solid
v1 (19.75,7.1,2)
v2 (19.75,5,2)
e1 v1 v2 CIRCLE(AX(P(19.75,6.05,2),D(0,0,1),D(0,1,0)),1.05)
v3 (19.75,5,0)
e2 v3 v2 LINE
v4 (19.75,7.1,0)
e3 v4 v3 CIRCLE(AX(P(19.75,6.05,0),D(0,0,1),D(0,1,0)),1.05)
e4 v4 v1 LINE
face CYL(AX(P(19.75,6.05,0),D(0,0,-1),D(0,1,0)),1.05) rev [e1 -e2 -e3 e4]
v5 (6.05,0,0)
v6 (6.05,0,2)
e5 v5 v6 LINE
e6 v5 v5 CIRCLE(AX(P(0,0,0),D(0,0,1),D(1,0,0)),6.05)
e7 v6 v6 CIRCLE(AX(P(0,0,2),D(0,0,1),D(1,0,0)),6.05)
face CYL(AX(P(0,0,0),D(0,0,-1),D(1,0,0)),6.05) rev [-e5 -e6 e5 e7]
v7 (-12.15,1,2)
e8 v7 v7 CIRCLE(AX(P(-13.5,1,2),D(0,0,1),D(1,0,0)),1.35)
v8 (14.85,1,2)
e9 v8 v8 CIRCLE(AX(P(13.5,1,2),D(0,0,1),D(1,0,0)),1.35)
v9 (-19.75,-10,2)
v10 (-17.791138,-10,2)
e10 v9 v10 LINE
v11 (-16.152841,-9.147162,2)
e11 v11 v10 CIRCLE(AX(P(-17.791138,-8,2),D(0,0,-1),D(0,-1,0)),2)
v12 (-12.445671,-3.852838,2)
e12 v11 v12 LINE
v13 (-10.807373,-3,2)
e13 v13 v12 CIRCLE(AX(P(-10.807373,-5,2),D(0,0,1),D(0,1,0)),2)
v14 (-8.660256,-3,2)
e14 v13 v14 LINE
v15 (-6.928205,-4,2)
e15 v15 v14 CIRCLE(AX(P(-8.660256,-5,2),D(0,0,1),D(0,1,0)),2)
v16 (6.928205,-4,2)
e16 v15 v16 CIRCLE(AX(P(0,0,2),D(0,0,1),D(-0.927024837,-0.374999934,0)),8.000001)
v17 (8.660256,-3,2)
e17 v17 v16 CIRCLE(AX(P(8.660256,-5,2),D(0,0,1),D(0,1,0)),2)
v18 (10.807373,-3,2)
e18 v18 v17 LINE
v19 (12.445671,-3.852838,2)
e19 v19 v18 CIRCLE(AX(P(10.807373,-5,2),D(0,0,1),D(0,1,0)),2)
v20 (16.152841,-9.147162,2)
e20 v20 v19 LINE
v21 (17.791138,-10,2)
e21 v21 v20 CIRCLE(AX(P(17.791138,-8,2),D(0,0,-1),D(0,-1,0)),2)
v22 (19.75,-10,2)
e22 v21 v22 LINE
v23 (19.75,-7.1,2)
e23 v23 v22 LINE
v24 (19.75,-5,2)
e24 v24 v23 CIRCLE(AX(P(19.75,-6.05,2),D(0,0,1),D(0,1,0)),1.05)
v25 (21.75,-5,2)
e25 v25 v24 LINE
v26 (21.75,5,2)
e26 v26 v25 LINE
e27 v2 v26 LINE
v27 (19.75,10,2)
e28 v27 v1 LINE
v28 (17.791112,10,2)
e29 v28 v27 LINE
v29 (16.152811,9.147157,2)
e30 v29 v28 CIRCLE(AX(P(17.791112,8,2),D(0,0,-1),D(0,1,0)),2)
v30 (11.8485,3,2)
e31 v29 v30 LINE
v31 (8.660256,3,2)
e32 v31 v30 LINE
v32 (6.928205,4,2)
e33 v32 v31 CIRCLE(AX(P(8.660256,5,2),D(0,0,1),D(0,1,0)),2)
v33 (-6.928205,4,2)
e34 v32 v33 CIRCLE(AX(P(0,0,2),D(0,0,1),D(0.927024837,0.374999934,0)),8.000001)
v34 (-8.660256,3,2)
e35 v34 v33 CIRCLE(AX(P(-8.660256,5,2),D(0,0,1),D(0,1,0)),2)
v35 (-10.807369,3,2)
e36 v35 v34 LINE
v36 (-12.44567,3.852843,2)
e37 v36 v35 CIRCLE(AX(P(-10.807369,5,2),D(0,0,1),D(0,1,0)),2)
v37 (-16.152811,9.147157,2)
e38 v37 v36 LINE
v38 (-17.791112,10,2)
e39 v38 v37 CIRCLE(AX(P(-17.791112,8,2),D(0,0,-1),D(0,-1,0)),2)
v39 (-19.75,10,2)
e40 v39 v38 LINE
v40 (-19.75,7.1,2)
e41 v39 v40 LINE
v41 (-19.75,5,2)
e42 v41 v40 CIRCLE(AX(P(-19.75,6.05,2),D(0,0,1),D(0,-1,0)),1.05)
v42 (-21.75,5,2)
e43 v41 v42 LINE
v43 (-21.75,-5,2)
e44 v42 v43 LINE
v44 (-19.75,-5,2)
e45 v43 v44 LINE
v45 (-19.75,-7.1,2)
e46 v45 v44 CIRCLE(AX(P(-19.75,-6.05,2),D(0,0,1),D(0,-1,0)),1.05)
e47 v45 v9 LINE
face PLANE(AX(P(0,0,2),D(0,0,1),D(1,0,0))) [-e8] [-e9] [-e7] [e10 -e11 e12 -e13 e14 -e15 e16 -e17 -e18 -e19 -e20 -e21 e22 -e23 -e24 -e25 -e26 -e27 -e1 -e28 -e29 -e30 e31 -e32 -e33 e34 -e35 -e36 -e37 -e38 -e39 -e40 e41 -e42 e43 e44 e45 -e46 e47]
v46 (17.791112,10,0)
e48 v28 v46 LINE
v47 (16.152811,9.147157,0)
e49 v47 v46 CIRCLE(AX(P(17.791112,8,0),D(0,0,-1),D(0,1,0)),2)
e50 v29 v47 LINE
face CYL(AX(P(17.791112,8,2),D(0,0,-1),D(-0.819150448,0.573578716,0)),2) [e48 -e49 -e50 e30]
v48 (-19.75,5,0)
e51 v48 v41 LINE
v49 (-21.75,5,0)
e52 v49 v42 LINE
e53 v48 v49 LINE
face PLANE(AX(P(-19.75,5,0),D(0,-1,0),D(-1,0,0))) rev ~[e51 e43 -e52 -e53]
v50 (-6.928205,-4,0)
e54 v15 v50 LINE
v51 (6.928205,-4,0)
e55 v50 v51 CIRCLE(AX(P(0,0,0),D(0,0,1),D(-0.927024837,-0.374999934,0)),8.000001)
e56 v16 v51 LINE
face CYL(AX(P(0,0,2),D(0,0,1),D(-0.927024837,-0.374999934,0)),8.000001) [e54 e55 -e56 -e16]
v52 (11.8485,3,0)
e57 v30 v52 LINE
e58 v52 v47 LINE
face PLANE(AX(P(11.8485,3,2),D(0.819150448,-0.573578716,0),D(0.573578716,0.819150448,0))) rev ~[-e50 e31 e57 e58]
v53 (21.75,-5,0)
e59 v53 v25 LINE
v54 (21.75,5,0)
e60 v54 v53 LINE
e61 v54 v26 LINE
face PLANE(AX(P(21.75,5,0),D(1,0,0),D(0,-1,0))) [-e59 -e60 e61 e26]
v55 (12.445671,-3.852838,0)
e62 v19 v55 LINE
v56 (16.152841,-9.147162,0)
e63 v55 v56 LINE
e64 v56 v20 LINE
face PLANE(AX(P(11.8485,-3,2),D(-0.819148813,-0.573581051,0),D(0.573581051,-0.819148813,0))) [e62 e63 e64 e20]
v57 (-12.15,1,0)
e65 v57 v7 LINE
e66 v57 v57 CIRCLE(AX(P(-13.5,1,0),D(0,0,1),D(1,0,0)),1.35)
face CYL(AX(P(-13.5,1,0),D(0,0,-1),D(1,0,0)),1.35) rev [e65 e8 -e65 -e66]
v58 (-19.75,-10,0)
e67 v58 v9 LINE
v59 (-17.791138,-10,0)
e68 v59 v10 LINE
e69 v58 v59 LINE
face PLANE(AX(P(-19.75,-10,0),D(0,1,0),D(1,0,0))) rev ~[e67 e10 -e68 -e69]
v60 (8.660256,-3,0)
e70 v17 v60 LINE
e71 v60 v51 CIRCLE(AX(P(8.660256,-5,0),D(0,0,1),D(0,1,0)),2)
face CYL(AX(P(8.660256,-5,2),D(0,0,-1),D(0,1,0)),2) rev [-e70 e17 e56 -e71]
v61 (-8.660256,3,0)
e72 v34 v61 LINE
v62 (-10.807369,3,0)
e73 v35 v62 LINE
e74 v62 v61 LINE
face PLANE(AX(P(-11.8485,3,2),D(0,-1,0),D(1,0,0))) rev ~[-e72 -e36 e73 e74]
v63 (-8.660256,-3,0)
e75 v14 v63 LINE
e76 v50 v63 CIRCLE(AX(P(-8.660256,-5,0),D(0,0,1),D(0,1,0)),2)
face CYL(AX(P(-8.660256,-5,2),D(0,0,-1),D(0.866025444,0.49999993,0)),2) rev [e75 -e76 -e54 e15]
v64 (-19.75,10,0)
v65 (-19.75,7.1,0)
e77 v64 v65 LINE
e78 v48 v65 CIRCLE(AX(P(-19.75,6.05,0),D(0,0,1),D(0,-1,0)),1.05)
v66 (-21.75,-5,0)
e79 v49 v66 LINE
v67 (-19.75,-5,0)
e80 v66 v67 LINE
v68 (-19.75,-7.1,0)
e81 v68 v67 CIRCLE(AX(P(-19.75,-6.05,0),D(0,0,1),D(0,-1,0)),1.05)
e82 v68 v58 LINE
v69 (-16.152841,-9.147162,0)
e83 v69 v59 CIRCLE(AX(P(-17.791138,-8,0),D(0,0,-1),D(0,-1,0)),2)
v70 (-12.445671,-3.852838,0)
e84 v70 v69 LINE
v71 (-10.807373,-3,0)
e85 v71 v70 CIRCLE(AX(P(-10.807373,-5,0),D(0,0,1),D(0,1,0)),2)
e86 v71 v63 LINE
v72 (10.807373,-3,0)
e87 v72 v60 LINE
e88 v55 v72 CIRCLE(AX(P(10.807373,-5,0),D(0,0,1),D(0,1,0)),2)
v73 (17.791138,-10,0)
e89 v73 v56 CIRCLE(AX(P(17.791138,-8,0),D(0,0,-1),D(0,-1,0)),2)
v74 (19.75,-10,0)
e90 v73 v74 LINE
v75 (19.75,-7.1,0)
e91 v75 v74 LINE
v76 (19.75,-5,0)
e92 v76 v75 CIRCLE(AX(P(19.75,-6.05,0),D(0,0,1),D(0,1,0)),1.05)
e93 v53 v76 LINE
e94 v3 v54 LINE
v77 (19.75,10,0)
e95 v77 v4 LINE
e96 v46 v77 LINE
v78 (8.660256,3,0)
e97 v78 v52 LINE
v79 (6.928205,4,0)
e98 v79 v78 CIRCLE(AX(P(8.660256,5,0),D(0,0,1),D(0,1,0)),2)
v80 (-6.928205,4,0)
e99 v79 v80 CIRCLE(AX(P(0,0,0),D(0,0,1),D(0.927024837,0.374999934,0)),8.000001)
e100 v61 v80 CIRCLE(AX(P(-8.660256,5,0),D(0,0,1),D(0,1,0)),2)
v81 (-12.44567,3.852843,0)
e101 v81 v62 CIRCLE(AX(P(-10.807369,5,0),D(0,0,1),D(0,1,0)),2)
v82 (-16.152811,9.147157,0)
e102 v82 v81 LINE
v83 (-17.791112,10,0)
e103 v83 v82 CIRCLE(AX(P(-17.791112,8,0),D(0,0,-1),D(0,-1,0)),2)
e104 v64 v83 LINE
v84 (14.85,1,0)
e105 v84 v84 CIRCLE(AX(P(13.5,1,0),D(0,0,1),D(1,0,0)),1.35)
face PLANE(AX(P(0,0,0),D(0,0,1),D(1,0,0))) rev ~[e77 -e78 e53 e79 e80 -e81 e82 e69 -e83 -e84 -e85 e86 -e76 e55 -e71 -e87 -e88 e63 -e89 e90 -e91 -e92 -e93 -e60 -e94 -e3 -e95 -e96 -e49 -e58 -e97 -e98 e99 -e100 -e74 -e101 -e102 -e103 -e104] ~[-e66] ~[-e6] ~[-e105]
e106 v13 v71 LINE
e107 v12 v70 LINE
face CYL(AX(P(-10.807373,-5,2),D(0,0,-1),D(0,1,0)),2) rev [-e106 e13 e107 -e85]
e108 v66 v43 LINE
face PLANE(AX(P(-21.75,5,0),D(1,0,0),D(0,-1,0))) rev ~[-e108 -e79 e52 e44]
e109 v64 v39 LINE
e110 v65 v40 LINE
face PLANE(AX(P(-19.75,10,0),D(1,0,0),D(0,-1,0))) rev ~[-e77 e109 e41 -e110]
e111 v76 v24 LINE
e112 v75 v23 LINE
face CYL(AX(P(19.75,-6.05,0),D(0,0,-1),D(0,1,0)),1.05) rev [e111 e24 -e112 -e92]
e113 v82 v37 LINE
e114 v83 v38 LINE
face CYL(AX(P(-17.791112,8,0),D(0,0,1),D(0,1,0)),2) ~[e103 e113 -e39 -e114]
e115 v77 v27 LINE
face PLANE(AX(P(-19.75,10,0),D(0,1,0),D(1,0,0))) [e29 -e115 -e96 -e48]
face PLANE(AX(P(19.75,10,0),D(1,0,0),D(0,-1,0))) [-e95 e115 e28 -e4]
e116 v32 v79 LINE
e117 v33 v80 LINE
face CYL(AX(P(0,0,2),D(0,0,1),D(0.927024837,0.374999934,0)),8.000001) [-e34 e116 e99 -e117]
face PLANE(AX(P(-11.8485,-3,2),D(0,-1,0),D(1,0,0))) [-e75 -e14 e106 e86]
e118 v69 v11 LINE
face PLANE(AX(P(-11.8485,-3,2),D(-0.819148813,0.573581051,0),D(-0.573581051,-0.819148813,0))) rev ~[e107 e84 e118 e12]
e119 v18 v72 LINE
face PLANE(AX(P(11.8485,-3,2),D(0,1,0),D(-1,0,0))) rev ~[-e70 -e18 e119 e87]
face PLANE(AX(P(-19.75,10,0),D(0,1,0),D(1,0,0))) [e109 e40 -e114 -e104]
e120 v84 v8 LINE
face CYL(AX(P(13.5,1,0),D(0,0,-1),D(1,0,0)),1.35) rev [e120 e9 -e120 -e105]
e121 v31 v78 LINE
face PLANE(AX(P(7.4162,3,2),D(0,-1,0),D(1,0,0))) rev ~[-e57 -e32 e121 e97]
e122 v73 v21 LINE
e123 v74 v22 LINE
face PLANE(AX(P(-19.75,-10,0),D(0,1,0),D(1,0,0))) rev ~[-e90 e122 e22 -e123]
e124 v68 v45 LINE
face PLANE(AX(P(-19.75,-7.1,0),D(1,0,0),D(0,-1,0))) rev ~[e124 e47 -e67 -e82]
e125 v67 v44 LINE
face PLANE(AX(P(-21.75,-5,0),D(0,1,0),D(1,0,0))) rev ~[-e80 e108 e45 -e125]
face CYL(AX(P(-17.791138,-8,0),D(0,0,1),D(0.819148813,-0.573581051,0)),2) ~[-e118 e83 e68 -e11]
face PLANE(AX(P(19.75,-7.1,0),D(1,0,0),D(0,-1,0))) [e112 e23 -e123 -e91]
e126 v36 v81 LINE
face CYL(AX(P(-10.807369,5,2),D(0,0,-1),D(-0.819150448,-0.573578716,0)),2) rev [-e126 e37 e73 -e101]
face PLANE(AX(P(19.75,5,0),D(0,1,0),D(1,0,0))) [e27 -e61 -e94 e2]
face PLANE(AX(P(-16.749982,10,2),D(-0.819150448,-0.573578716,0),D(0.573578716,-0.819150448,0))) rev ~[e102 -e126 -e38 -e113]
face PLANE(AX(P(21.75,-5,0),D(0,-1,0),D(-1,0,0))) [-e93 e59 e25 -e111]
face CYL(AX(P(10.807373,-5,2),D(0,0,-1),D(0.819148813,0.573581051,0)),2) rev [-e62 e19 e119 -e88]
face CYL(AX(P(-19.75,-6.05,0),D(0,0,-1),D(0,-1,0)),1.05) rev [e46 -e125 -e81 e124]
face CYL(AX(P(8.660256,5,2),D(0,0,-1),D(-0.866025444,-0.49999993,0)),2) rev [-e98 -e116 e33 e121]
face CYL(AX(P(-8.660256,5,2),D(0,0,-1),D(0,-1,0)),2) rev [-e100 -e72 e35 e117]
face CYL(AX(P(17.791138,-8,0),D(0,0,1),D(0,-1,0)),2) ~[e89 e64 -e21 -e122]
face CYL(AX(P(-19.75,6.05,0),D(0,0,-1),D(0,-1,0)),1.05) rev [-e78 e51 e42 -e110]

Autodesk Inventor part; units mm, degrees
ref_plane "YZ Plane" through (0, 0, 0) normal (1, 0, 0) x (0, 1, 0)
ref_plane "XZ Plane" through (0, 0, 0) normal (0, 1, 0) x (-1, 0, 0)
ref_plane "XY Plane" through (0, 0, 0) normal (0, 0, 1) x (1, 0, 0)
sketch "スケッチ1" plane through (0, 0, 0) normal (0, 0, 1) x (1, 0, 0)
  circle A0 centre (0, 0) radius 10.5 construction
  circle A1 centre (-13.5, 1) radius 1.35
  line L0 (-13.5, 28) -> (13.5, 28) construction
  line L1 (13.5, 28) -> (13.5, 1) construction
  line L2 (13.5, 1) -> (-13.5, 1) construction
  line L3 (-13.5, 1) -> (-13.5, 28) construction
  circle A2 centre (-13.5, 28) radius 1.35
  circle A3 centre (13.5, 1) radius 1.35
  circle A4 centre (13.5, 28) radius 1.35
  line L4 (-19.75, 10) -> (-19.75, 7.1)
  line L5 (-19.75, 10) -> (19.75, 10)
  line L6 (19.75, 10) -> (19.75, 7.1)
  line L7 (-19.75, -7.1) -> (-19.75, -10)
  line L8 (-19.75, -10) -> (19.75, -10)
  line L9 (19.75, -7.1) -> (19.75, -10)
  line L10 (-19.75, 5) -> (-21.75, 5)
  line L11 (-21.75, 5) -> (-21.75, -5)
  line L12 (-21.75, -5) -> (-19.75, -5)
  arc A5 (-19.75, 5) -> (-19.75, 7.1) centre (-19.75, 6.05) ccw
  arc A6 (-19.75, -7.1) -> (-19.75, -5) centre (-19.75, -6.05) ccw
  line L13 (19.75, 5) -> (21.75, 5)
  line L14 (21.75, 5) -> (21.75, -5)
  line L15 (21.75, -5) -> (19.75, -5)
  arc A7 (19.75, 7.1) -> (19.75, 5) centre (19.75, 6.05) ccw
  line L16 (0, 28) -> (0, 0) construction
  arc A8 (19.75, -5) -> (19.75, -7.1) centre (19.75, -6.05) ccw
  line L17 (-21.75, 0) -> (21.75, 0) construction
  circle A9 centre (0, 0) radius 6.05
  point P0 (0, 10)
  dimension "d8" = 21
  dimension "d10" = 27
  dimension "d12" = 1
  dimension "d13" = 2.7
  dimension "d38" = 27
  dimension "d44" = 27
  dimension "d47" = 1.05
  dimension "d48" = 39.5
  dimension "d49" = 2
  dimension "d50" = 10
  dimension "d51" = 5
  dimension "d52" = 12.1
extrude "押し出し1" add sketch "スケッチ1" along normal blind 2 contours L5 L6 A7 L13 L14 L15 A8 L9 L8 L7 A6 L12 L11 L10 A5 L4
sketch "スケッチ2" plane through (0, 0, 2) normal (0, 0, 1) x (1, 0, 0)
  circle A0 centre (0, 0) radius 6.05 projected
  circle A1 centre (-13.5, 1) radius 1.35 projected
  line L0 (-19.75, -10) -> (19.75, -10) projected
  line L1 (19.75, 10) -> (-19.75, 10) projected
  line L2 (-11.8485, 3) -> (-7.4162, 3)
  arc A2 (7.4162, 3) -> (-7.4162, 3) centre (0, 0) ccw
  line L3 (7.4162, 3) -> (11.8485, 3)
  line L4 (-18.4641, 12.448) -> (18.4641, 12.448)
  line L5 (-18.4641, 12.448) -> (-11.8485, 3)
  line L6 (11.8485, 3) -> (18.4641, 12.448)
  line L7 (-11.8485, -3) -> (-7.4162, -3)
  line L8 (-11.8485, -3) -> (-24.333, -20.8295)
  line L9 (-24.333, -20.8295) -> (24.333, -20.8295)
  line L10 (11.8485, -3) -> (7.4162, -3)
  line L11 (11.8485, -3) -> (24.333, -20.8295)
  arc A3 (-7.4162, -3) -> (7.4162, -3) centre (0, 0) ccw
  line L12 (-21.75, 5) -> (-21.75, -5) projected
  line L13 (-16.75, 10) -> (-19.75, 10) construction
  line L14 (0, 0) -> (-21.75, 0) construction
  line L15 (-19.75, -10) -> (-16.75, -10) construction
  line L16 (-19.75, -10) -> (19.75, -10) construction
  line L17 (0, 0) -> (0, 10) construction
  line L18 (19.75, 10) -> (16.75, 10) construction
  line L19 (19.75, -10) -> (16.75, -10) construction
  circle A4 centre (-13.5, 1) radius 2.5 construction
  dimension "d57" = 8
  dimension "d58" = 3
  dimension "d60" = 6
  dimension "d64" = 3
  dimension "d65" = 5
extrude "押し出し2" cut sketch "スケッチ2" against normal blind 10 contours L8 L7 A3 L10 L11 L0 | L0 L11 L9 L8 | L6 L3 A2 L2 L5 L1 | L1 L5 L4 L6
fillet "フィレット1" radius 2 11 edges at (-11.8485, 3, 1) (-7.4162, 3, 1) (7.4162, 3, 1) (11.8485, -3, 1) (7.4162, -3, 1) (-7.4162, -3, 1) (-11.8485, -3, 1) (-16.75, -10, 1) (-16.75, 10, 1) (16.75, 10, 1) (16.75, -10, 1)
equation "\"d38\" = d10"
equation "\"d44\" = d10"
equation "\"d50\" = d11"
equation "\"d51\" = d28"
equation "\"d60\" = 2 * d58"
equation "\"d11\" = 10"
equation "\"d28\" = 5"
properties part number "足首_サブフレーム_1_2" material "アルミニウム 2014-T4"
